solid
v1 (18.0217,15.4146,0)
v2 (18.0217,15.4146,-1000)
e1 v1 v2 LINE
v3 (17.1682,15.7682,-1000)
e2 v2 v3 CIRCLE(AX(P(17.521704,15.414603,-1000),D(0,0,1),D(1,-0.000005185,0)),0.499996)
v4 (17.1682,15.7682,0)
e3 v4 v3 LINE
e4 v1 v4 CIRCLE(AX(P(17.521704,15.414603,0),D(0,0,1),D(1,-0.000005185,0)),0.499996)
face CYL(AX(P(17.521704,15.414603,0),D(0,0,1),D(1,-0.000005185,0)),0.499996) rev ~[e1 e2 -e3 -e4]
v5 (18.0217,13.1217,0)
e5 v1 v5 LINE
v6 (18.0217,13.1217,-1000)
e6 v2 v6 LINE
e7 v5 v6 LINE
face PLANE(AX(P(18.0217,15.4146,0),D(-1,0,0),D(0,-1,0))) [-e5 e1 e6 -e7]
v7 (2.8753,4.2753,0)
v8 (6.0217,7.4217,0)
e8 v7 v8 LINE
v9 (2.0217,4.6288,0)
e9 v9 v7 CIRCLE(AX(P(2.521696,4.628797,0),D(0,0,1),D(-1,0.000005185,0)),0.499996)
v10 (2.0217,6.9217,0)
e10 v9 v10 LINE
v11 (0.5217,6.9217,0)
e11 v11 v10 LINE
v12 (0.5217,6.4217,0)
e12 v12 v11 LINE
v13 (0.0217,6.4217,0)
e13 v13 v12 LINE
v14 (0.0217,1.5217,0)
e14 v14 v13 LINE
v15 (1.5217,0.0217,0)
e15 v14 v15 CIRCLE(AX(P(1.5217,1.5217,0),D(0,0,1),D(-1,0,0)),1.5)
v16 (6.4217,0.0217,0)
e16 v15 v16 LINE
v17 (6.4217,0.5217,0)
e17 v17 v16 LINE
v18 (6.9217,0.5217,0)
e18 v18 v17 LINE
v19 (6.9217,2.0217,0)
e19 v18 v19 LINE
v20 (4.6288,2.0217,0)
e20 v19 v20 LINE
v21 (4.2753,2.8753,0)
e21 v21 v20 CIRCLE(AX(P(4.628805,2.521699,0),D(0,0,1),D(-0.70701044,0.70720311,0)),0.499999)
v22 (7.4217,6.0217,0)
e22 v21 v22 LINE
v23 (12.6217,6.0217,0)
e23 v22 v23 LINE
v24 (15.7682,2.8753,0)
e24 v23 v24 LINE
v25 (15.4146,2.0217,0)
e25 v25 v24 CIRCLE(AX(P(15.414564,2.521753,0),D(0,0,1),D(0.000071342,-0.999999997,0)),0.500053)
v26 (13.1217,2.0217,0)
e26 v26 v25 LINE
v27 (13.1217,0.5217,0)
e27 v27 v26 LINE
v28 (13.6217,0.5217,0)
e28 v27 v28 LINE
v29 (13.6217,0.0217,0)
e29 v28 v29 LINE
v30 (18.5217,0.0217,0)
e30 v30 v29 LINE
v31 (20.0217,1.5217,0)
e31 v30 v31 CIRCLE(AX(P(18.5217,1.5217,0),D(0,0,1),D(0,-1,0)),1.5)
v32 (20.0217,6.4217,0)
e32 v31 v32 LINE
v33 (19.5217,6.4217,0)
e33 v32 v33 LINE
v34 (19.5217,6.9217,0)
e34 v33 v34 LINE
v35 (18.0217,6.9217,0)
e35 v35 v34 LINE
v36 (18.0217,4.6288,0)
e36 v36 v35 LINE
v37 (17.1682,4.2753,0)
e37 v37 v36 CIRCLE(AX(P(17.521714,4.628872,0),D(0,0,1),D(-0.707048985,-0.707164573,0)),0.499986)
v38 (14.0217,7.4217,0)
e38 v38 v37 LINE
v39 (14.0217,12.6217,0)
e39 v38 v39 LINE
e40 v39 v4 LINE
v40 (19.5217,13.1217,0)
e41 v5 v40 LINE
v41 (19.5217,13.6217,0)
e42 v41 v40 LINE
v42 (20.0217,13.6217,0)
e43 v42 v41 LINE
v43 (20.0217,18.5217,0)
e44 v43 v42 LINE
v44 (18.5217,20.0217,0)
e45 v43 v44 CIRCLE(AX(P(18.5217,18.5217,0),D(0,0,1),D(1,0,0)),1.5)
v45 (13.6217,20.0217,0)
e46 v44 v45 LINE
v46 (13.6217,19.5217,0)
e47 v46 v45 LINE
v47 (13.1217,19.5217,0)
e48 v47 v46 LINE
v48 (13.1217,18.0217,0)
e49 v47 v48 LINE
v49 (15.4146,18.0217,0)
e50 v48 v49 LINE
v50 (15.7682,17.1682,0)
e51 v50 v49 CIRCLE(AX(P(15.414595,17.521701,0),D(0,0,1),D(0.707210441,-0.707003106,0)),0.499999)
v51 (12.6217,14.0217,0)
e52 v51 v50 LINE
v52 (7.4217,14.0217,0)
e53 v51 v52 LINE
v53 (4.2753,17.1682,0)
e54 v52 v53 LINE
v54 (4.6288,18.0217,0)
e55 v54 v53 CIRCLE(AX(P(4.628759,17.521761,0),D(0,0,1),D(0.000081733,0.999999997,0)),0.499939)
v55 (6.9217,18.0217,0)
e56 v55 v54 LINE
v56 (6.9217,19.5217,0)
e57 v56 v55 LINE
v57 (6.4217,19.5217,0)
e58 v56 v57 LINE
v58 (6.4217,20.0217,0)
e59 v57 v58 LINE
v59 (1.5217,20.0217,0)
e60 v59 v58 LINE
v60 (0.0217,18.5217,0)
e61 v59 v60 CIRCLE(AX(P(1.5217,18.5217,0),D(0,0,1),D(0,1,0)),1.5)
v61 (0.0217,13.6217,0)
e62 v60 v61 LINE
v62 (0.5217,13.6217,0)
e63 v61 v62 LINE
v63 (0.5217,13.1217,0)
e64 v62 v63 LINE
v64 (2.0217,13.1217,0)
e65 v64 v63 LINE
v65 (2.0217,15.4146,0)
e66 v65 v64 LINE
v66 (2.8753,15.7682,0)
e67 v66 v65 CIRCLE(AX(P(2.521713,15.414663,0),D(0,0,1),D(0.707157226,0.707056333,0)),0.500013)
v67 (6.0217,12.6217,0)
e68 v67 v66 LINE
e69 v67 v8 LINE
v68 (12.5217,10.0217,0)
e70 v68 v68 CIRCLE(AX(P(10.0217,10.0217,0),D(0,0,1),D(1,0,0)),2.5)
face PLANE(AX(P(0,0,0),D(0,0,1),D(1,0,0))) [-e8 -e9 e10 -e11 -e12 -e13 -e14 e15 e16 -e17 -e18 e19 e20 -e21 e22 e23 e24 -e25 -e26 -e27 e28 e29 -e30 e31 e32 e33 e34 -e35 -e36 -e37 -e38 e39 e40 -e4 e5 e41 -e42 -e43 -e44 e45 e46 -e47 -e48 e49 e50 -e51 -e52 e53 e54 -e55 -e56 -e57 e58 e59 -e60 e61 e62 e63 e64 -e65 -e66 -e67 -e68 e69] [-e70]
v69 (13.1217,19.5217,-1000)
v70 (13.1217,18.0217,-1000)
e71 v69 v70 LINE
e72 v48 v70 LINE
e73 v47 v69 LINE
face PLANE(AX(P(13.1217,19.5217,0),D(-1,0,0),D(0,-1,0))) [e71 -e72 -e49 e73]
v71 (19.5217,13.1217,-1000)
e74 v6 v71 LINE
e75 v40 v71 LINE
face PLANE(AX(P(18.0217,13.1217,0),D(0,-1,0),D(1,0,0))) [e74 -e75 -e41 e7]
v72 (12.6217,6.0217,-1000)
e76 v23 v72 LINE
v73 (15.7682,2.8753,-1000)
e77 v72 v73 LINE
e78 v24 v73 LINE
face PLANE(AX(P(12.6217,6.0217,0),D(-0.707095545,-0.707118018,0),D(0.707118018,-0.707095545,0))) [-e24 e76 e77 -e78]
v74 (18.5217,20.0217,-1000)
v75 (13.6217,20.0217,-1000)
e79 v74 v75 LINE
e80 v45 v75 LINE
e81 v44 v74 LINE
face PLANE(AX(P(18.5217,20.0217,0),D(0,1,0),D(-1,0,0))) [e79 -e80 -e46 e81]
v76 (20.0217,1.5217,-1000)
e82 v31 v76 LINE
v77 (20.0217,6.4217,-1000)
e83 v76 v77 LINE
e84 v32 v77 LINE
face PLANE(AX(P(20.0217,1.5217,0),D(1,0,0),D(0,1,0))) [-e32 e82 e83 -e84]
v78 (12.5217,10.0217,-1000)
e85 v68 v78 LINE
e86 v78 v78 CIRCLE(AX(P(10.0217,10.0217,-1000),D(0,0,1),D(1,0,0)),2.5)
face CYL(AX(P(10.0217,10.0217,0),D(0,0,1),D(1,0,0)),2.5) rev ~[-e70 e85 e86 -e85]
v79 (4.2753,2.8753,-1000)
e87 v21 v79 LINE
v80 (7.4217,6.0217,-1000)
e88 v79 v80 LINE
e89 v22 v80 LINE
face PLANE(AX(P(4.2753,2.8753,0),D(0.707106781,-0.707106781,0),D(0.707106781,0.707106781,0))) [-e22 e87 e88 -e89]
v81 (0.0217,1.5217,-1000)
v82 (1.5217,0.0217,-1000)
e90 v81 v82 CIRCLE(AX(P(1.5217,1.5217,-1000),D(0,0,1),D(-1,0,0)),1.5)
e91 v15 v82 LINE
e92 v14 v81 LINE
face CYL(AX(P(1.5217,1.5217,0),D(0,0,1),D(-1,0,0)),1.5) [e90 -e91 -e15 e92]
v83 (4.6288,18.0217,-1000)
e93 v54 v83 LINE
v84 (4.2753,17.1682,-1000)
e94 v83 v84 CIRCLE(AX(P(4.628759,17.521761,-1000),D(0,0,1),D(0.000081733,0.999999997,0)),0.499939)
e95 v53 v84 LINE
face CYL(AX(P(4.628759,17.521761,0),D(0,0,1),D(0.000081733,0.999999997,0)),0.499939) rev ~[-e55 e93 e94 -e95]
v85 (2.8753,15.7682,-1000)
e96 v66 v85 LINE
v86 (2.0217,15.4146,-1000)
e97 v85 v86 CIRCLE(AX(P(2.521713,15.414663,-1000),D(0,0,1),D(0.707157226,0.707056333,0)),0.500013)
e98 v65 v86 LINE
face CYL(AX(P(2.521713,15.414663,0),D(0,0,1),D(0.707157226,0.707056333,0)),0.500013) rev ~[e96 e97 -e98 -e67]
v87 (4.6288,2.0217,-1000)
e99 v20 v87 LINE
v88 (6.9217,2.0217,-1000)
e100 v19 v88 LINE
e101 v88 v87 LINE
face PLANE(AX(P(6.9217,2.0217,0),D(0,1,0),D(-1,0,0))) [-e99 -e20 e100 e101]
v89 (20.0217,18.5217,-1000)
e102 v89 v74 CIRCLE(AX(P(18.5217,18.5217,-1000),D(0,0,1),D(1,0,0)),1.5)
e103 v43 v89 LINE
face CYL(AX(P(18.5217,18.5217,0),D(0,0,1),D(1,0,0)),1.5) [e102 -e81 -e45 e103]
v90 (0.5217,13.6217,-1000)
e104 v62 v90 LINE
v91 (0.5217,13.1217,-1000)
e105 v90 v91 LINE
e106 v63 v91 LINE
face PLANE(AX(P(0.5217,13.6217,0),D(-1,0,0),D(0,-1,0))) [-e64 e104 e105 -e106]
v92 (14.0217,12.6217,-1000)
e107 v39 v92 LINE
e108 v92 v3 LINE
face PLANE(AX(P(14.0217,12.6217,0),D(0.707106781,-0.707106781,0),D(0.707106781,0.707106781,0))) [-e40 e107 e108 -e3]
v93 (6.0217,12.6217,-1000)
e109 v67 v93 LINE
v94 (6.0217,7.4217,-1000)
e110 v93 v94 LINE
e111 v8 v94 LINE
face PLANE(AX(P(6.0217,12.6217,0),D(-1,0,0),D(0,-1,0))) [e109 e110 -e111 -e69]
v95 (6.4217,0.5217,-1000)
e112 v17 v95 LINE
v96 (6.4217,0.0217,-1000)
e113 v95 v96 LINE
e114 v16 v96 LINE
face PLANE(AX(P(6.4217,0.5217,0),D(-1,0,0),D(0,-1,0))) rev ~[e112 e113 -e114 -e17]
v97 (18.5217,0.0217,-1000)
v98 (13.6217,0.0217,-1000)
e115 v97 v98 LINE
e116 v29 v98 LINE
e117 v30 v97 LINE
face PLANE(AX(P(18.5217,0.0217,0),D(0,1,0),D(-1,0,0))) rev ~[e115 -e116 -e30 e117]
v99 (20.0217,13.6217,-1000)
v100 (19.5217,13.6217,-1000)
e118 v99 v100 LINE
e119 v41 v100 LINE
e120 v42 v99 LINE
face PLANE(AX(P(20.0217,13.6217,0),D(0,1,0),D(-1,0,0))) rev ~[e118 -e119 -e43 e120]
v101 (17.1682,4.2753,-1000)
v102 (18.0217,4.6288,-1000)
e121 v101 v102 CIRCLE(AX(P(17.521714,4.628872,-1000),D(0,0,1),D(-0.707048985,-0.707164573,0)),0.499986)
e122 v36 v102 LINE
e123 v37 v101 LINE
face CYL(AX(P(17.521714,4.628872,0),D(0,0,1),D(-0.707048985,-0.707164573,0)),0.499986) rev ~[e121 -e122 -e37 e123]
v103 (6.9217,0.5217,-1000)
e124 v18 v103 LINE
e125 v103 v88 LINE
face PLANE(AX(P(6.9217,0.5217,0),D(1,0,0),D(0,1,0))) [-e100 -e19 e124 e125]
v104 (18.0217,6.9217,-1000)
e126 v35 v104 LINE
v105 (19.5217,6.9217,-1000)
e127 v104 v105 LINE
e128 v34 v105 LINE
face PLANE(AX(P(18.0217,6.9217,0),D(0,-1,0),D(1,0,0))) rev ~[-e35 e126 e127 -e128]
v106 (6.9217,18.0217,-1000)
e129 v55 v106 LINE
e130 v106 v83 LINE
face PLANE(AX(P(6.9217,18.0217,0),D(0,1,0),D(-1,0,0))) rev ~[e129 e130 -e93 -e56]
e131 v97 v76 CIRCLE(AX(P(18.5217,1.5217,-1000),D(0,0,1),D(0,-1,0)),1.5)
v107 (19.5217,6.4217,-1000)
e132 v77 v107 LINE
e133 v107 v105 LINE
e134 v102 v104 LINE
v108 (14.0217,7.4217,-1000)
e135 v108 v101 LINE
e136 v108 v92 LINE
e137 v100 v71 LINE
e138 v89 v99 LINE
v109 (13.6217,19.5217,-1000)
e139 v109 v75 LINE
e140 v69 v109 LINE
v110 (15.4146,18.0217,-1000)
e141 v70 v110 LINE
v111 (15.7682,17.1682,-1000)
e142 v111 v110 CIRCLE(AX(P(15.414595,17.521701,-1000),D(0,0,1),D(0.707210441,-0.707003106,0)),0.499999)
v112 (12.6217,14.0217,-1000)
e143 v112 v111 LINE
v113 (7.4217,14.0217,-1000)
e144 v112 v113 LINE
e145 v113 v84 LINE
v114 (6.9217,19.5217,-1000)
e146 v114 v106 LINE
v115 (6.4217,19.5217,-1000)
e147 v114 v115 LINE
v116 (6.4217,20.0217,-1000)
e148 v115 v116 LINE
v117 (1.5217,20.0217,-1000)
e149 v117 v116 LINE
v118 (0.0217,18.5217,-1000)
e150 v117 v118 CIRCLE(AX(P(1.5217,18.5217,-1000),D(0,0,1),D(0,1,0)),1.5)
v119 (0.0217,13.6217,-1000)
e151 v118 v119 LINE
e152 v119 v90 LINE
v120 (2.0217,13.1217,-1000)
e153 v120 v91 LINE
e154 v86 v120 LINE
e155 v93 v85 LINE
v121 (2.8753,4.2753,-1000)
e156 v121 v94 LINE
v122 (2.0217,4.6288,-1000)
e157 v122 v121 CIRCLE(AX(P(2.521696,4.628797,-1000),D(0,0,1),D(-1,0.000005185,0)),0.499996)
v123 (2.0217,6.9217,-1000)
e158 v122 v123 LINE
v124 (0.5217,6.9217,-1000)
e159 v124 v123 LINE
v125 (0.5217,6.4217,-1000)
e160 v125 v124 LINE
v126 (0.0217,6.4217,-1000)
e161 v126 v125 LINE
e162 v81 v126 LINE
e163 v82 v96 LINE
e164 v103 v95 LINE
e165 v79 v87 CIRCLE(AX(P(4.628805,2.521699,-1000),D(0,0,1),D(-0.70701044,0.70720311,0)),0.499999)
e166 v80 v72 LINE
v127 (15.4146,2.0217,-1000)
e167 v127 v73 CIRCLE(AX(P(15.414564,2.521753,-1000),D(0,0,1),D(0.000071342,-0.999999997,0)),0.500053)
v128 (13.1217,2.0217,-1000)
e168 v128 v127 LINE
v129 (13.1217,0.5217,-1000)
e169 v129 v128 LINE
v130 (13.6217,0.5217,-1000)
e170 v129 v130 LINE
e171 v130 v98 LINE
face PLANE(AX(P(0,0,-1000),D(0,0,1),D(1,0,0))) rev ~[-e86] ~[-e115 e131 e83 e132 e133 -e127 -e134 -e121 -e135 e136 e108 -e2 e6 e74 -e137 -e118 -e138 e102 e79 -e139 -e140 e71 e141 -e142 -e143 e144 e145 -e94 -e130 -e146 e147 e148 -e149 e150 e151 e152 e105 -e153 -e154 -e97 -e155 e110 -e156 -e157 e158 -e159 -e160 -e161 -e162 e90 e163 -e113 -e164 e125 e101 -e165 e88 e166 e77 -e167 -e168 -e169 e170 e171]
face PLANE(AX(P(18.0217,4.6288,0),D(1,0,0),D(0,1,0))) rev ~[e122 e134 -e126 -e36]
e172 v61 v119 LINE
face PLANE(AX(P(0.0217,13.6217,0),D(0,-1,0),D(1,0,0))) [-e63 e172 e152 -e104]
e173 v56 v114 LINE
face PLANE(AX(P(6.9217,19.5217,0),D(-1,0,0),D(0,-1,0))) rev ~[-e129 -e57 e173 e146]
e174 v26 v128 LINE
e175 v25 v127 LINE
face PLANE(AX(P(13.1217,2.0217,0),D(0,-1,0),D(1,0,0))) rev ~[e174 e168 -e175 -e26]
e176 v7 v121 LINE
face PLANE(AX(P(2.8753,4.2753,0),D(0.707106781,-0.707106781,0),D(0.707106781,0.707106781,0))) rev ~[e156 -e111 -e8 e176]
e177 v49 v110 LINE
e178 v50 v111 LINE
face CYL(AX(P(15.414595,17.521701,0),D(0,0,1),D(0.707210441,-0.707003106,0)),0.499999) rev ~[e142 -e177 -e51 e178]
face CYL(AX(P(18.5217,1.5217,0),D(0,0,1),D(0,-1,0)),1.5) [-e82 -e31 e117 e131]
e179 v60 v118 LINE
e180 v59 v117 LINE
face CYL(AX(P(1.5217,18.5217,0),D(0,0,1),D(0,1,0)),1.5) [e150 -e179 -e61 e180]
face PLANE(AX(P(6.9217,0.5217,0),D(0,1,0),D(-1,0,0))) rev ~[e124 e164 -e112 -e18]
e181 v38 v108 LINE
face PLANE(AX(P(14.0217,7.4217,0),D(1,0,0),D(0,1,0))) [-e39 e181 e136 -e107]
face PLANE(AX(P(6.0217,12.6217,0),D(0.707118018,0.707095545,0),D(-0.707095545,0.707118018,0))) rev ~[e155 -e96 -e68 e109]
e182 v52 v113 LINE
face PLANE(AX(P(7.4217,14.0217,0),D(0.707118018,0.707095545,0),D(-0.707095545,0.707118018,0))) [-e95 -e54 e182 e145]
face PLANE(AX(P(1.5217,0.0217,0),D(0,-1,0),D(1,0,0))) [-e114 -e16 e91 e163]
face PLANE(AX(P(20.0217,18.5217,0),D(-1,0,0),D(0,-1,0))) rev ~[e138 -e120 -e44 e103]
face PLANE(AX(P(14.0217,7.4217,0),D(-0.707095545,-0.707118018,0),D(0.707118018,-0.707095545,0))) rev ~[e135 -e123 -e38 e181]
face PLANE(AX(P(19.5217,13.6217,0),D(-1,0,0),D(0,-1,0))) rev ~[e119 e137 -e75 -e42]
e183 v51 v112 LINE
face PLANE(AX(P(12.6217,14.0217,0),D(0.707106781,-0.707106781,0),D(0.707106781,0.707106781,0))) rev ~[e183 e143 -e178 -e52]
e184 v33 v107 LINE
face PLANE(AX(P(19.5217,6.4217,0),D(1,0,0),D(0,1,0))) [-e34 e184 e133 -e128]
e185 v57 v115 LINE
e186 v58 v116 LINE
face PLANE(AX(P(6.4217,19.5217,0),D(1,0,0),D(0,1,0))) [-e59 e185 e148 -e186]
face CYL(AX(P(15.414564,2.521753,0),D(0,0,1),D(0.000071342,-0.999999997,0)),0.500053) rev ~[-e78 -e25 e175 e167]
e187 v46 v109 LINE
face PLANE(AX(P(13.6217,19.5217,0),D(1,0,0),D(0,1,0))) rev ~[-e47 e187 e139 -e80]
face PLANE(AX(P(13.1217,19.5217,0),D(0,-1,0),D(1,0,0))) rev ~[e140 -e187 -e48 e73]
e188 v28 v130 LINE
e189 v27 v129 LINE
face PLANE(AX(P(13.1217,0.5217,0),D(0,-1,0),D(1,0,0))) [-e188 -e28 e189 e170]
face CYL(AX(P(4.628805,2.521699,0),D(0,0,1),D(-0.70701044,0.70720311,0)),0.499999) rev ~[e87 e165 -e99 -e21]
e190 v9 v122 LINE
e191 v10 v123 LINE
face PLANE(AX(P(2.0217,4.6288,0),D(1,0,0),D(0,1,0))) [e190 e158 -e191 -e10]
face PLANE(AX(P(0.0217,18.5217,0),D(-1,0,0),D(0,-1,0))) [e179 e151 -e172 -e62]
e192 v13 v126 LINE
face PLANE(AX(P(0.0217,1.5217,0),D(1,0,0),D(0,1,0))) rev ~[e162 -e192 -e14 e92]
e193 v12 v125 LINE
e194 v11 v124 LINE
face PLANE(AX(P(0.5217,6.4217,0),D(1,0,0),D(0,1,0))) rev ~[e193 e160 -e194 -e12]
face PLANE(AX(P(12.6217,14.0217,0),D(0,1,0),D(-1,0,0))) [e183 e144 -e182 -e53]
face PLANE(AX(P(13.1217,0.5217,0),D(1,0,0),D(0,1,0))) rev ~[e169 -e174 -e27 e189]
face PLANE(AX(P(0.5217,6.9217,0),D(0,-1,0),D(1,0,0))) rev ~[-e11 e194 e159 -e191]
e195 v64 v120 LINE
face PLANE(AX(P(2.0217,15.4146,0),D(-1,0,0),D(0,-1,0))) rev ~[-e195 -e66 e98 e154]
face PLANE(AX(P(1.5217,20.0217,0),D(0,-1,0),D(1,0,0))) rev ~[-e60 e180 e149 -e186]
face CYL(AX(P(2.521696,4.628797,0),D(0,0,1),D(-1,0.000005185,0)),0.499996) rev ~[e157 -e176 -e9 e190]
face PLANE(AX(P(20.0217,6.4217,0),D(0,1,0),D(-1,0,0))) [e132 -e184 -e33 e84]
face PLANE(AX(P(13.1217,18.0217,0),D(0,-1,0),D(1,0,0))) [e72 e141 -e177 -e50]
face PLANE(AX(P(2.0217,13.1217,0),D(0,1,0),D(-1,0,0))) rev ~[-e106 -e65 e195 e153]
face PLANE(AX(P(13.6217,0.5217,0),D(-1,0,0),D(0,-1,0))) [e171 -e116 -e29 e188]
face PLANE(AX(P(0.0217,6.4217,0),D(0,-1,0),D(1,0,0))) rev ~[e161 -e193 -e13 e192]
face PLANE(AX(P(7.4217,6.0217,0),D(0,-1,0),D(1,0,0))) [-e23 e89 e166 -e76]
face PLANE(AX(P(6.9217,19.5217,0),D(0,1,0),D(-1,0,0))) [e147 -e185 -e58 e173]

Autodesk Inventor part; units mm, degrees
ref_plane "YZ Plane" through (0, 0, 0) normal (1, 0, 0) x (0, 1, 0)
ref_plane "XZ Plane" through (0, 0, 0) normal (0, 1, 0) x (-1, 0, 0)
ref_plane "XY Plane" through (0, 0, 0) normal (0, 0, 1) x (1, 0, 0)
sketch "Sketch1" plane through (0, 0, 0) normal (0, 0, 1) x (1, 0, 0)
  circle A0 centre (10.0217, 10.0217) radius 2.5
  line L0 (7.4217, 6.0217) -> (12.6217, 6.0217)
  line L1 (14.0217, 7.4217) -> (14.0217, 12.6217)
  line L2 (12.6217, 14.0217) -> (7.4217, 14.0217)
  line L3 (6.0217, 12.6217) -> (6.0217, 7.4217)
  line L4 (1.5217, 20.0217) -> (6.4217, 20.0217)
  line L5 (18.5217, 20.0217) -> (13.6217, 20.0217)
  arc A1 (20.0217, 18.5217) -> (18.5217, 20.0217) centre (18.5217, 18.5217) ccw
  line L6 (6.9217, 19.5217) -> (6.4217, 19.5217)
  line L7 (6.4217, 19.5217) -> (6.4217, 20.0217)
  line L8 (13.1217, 19.5217) -> (13.6217, 19.5217)
  line L9 (13.6217, 19.5217) -> (13.6217, 20.0217)
  line L10 (0.0217, 18.5217) -> (0.0217, 13.6217)
  arc A2 (1.5217, 20.0217) -> (0.0217, 18.5217) centre (1.5217, 18.5217) ccw
  line L11 (20.0217, 18.5217) -> (20.0217, 13.6217)
  line L12 (0.0217, 1.5217) -> (0.0217, 6.4217)
  arc A3 (0.0217, 1.5217) -> (1.5217, 0.0217) centre (1.5217, 1.5217) ccw
  line L13 (20.0217, 1.5217) -> (20.0217, 6.4217)
  line L14 (1.5217, 0.0217) -> (6.4217, 0.0217)
  line L15 (18.5217, 0.0217) -> (13.6217, 0.0217)
  arc A4 (18.5217, 0.0217) -> (20.0217, 1.5217) centre (18.5217, 1.5217) ccw
  line L16 (0.0217, 13.6217) -> (0.5217, 13.6217)
  line L17 (0.5217, 13.6217) -> (0.5217, 13.1217)
  line L18 (0.0217, 6.4217) -> (0.5217, 6.4217)
  line L19 (0.5217, 6.4217) -> (0.5217, 6.9217)
  line L20 (20.0217, 6.4217) -> (19.5217, 6.4217)
  line L21 (19.5217, 6.4217) -> (19.5217, 6.9217)
  line L22 (20.0217, 13.6217) -> (19.5217, 13.6217)
  line L23 (19.5217, 13.6217) -> (19.5217, 13.1217)
  line L24 (6.9217, 0.5217) -> (6.4217, 0.5217)
  line L25 (6.4217, 0.5217) -> (6.4217, 0.0217)
  line L26 (13.1217, 0.5217) -> (13.6217, 0.5217)
  line L27 (13.6217, 0.5217) -> (13.6217, 0.0217)
  line L28 (0.5217, 6.9217) -> (2.0217, 6.9217)
  line L29 (6.9217, 0.5217) -> (6.9217, 2.0217)
  line L30 (6.9217, 2.0217) -> (4.6288, 2.0217)
  arc A5 (4.2753, 2.8753) -> (4.6288, 2.0217) centre (4.6288, 2.5217) ccw
  line L31 (2.0217, 4.6288) -> (2.0217, 6.9217)
  arc A6 (2.0217, 4.6288) -> (2.8753, 4.2753) centre (2.5217, 4.6288) ccw
  line L32 (2.8753, 4.2753) -> (6.0217, 7.4217)
  line L33 (4.2753, 2.8753) -> (7.4217, 6.0217)
  line L34 (13.1217, 0.5217) -> (13.1217, 2.0217)
  line L35 (13.1217, 2.0217) -> (15.4146, 2.0217)
  line L36 (18.0217, 4.6288) -> (18.0217, 6.9217)
  arc A7 (17.1682, 4.2753) -> (18.0217, 4.6288) centre (17.5217, 4.6288) ccw
  line L37 (18.0217, 6.9217) -> (19.5217, 6.9217)
  line L38 (13.1217, 19.5217) -> (13.1217, 18.0217)
  line L39 (13.1217, 18.0217) -> (15.4146, 18.0217)
  arc A8 (15.7682, 17.1682) -> (15.4146, 18.0217) centre (15.4146, 17.5217) ccw
  line L40 (18.0217, 15.4146) -> (18.0217, 13.1217)
  arc A9 (18.0217, 15.4146) -> (17.1682, 15.7682) centre (17.5217, 15.4146) ccw
  line L41 (18.0217, 13.1217) -> (19.5217, 13.1217)
  line L42 (6.9217, 19.5217) -> (6.9217, 18.0217)
  line L43 (6.9217, 18.0217) -> (4.6288, 18.0217)
  line L44 (2.0217, 15.4146) -> (2.0217, 13.1217)
  arc A10 (2.8753, 15.7682) -> (2.0217, 15.4146) centre (2.5217, 15.4146) ccw
  line L45 (2.0217, 13.1217) -> (0.5217, 13.1217)
  line L46 (12.6217, 6.0217) -> (15.7682, 2.8753)
  arc A11 (15.4146, 2.0217) -> (15.7682, 2.8753) centre (15.4146, 2.5217) ccw
  line L47 (14.0217, 7.4217) -> (17.1682, 4.2753)
  line L48 (12.6217, 14.0217) -> (15.7682, 17.1682)
  line L49 (14.0217, 12.6217) -> (17.1682, 15.7682)
  line L50 (6.0217, 12.6217) -> (2.8753, 15.7682)
  line L51 (7.4217, 14.0217) -> (4.2753, 17.1682)
  arc A12 (4.6288, 18.0217) -> (4.2753, 17.1682) centre (4.6288, 17.5217) ccw
  point P0 (0, 0)
extrude "Extrusion1" add sketch "Sketch1" against normal blind 1000
properties part number "Alumunium Profile 20 x 20" material "Aluminum 6061"
